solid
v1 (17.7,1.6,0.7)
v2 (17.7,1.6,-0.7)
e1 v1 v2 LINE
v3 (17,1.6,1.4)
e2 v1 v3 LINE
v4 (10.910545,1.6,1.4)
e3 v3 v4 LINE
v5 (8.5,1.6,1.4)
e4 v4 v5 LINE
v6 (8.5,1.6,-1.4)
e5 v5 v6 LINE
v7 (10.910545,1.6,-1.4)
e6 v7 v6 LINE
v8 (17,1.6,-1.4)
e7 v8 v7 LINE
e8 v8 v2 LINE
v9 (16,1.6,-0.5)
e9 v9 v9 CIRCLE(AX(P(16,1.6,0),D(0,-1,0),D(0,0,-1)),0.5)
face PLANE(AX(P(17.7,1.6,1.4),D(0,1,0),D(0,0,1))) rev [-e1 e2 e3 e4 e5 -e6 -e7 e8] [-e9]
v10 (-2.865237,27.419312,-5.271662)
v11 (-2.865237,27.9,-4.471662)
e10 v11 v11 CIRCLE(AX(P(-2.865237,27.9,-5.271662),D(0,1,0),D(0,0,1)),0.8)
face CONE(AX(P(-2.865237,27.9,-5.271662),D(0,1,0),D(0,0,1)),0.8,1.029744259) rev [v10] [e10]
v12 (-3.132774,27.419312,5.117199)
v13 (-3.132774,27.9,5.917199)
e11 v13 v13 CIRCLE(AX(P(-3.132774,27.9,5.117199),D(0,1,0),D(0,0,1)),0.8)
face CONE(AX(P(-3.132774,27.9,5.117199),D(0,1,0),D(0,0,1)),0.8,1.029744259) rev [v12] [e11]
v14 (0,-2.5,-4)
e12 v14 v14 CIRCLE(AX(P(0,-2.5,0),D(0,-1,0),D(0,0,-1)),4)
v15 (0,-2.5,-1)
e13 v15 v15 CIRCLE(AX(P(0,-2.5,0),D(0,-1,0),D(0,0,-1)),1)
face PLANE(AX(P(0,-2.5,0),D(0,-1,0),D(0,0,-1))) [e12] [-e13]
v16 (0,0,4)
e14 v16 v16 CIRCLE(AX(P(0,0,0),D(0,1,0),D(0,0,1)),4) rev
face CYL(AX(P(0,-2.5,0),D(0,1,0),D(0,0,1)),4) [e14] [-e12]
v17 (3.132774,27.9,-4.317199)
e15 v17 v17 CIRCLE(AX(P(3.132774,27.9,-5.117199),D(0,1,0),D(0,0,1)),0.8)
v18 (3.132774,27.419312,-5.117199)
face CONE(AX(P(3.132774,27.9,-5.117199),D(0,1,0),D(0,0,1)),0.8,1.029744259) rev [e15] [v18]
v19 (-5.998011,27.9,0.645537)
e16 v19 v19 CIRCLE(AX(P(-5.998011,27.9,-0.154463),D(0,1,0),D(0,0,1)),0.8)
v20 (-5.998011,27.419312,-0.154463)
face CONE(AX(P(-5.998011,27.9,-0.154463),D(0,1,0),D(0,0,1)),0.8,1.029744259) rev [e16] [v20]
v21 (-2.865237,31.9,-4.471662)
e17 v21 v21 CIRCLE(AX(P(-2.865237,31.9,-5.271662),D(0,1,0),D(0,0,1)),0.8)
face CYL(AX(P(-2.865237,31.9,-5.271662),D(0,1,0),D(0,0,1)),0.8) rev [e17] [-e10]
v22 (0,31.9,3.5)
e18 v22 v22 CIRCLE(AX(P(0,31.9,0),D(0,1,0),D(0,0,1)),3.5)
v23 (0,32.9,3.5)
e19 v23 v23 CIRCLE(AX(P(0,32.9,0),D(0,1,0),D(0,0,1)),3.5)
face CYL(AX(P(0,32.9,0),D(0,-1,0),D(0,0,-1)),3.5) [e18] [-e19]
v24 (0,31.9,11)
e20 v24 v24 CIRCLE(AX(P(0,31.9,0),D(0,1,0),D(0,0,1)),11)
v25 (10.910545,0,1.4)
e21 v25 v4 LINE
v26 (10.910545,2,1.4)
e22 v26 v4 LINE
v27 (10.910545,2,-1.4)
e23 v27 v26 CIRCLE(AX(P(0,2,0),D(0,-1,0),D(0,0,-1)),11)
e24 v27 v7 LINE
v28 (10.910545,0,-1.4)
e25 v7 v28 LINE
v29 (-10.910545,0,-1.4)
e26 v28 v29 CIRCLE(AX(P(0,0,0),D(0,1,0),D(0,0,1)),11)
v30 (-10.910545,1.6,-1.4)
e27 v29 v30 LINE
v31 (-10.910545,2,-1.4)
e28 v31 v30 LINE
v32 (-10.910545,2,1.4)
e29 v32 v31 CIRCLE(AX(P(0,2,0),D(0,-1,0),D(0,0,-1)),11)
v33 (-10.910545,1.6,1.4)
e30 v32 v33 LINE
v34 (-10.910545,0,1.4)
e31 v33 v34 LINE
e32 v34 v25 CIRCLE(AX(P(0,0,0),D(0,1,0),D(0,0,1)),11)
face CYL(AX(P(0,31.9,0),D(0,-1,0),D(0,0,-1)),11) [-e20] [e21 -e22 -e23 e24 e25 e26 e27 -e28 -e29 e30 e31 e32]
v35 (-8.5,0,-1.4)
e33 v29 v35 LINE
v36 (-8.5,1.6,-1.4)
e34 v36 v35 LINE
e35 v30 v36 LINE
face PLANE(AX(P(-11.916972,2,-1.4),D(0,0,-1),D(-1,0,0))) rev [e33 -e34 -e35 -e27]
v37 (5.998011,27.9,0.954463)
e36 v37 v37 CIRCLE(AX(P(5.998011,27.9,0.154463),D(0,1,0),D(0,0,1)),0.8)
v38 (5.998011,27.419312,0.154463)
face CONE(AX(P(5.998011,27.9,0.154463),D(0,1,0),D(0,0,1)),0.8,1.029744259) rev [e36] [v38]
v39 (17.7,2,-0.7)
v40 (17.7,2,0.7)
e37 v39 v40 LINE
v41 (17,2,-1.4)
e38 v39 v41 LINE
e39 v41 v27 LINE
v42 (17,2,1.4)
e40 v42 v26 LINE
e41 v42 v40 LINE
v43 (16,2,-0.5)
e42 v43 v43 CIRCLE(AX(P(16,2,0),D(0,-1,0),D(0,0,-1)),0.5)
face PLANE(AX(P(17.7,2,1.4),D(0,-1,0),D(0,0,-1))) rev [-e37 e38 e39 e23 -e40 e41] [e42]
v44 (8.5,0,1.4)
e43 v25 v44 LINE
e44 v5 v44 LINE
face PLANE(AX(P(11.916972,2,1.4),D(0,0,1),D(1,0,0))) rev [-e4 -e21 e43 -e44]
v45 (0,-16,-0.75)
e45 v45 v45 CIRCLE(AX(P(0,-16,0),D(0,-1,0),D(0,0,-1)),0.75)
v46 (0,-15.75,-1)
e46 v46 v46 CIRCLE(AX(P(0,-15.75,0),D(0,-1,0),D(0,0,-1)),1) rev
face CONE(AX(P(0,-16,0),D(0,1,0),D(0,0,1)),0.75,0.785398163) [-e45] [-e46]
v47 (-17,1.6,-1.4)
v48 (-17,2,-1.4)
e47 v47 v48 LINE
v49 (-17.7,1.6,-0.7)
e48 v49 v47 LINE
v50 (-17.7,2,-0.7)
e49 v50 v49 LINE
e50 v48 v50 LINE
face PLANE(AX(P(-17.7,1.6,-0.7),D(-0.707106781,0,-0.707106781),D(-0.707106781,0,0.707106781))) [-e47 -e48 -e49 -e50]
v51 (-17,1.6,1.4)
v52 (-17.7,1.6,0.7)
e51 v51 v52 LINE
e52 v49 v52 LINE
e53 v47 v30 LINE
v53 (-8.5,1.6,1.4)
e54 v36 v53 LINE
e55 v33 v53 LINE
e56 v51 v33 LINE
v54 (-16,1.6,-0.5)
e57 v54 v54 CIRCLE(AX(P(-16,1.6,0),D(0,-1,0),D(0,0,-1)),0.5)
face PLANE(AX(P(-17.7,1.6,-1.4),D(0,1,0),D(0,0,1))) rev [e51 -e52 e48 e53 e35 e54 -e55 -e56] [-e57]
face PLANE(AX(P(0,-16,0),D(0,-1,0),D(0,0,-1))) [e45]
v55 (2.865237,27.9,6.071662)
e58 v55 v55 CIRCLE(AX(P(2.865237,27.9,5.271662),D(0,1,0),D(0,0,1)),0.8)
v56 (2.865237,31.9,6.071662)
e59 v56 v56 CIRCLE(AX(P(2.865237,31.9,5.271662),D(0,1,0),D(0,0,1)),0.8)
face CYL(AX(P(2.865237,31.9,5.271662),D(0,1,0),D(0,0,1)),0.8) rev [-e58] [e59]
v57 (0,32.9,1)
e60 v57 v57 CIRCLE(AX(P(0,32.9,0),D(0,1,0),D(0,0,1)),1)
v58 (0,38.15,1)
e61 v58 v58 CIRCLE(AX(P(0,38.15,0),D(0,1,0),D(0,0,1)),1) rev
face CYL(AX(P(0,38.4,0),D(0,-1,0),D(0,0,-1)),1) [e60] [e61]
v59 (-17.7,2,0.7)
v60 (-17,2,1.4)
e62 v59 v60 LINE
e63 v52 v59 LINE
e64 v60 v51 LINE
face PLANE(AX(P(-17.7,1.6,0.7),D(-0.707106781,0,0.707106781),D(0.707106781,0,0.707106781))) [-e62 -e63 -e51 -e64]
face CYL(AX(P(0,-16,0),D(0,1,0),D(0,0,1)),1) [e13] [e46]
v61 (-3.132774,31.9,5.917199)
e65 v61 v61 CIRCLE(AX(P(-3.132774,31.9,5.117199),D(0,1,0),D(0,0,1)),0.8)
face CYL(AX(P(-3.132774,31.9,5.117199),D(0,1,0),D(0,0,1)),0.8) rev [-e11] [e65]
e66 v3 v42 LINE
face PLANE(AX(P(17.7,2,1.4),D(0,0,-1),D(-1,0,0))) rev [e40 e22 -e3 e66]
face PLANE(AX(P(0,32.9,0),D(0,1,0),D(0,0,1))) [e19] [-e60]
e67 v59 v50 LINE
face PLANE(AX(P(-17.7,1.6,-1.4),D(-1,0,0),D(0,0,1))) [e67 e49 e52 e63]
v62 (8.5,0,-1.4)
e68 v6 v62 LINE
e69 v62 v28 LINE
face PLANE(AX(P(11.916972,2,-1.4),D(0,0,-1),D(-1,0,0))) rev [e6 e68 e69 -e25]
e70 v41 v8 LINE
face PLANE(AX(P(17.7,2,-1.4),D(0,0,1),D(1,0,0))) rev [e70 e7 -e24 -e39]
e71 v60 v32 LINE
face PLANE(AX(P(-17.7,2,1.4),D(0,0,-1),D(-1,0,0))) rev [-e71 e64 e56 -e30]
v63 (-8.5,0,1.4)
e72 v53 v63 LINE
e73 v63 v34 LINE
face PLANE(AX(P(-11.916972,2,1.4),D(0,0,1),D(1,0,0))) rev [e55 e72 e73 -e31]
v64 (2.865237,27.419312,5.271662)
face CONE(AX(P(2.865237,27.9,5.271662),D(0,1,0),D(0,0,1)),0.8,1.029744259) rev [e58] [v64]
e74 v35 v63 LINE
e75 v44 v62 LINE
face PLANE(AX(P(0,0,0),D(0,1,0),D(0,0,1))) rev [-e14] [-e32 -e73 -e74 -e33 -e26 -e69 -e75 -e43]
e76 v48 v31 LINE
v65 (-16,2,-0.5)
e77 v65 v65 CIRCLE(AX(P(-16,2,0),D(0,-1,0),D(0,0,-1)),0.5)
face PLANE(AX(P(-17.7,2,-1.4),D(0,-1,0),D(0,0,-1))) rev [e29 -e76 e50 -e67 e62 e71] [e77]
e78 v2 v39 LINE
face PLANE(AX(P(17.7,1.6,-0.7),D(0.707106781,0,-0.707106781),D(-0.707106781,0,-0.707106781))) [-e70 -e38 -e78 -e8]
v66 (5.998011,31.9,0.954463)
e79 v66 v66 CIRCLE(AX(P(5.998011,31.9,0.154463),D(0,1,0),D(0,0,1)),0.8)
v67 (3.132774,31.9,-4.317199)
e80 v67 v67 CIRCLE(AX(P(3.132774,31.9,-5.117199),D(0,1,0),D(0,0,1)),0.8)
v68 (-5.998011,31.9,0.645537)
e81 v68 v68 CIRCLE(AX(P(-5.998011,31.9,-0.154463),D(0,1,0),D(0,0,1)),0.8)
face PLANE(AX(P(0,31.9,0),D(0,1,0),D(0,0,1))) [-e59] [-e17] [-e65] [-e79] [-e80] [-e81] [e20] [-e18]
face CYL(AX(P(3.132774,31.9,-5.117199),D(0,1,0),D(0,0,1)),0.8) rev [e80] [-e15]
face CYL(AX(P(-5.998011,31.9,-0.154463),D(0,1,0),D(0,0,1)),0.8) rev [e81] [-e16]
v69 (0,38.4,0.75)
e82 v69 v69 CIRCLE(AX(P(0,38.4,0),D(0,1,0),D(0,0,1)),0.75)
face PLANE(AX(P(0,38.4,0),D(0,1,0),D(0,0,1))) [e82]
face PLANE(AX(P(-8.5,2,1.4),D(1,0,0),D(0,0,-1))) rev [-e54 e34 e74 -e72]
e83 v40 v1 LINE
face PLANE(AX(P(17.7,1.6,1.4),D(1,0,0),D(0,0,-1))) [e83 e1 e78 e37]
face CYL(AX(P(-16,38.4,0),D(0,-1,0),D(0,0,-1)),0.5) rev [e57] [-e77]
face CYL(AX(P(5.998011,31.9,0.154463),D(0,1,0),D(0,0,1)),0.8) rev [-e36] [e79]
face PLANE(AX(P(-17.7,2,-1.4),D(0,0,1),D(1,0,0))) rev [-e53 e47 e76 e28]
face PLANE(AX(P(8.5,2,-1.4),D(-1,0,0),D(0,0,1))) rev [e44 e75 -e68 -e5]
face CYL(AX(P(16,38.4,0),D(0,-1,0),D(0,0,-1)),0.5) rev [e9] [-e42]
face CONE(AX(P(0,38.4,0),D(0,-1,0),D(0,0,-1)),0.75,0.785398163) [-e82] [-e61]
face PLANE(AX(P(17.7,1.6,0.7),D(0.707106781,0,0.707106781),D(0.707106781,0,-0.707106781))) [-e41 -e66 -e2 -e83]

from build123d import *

# Parameters (mm, degrees)
ESQUISSE1_R                  = 11
EXTRUSION1_DEPTH             = 31.9
ESQUISSE2_R                  = 3.5
EXTRUSION2_DEPTH             = 1
ESQUISSE3_R                  = 1
EXTRUSION3_DEPTH             = 5.5
CHANFREIN1_SIZE              = 0.25
ESQUISSE4_R                  = 4
EXTRUSION4_DEPTH             = 2.5
ESQUISSE5_R                  = 1
EXTRUSION5_DEPTH             = 13.5
R_P_TITION_CIRCULAIRE1_COUNT = 6
CHANFREIN2_SIZE              = 0.25
ESQUISSE14_W                 = 3.416971917
ESQUISSE14_H                 = 2.8
ENL_V_MAT_EXTRU_5_DEPTH      = 2
R_P_TITION_CIRCULAIRE2_COUNT = 2
ESQUISSE16_W                 = 2.8
ESQUISSE16_H                 = 0.4
EXTRUSION7_DEPTH             = 9.2
ESQUISSE17_W                 = 2.8
ESQUISSE17_H                 = 0.4
EXTRUSION8_DEPTH             = 9.2
CHANFREIN3_SIZE              = 0.7
CHANFREIN4_SIZE              = 0.7
ESQUISSE18_R                 = 0.5
ENL_V_MAT_EXTRU_6_DEPTH      = 37.8
ESQUISSE19_R                 = 0.5
ENL_V_MAT_EXTRU_7_DEPTH      = 37.8


with BuildPart() as part:
    # Esquisse1 → Extrusion1 (new body)
    with BuildSketch(Plane(origin=(0, 0, 0), x_dir=(1, 0, 0), z_dir=(0, 1, 0))):
        Circle(ESQUISSE1_R)
    extrude(amount=EXTRUSION1_DEPTH)

    # Esquisse2 → Extrusion2 (add)
    with BuildSketch(Plane(origin=(0, 31.9, 0), x_dir=(1, 0, 0), z_dir=(0, 1, 0))):
        Circle(ESQUISSE2_R)
    extrude(amount=EXTRUSION2_DEPTH)

    # Esquisse3 → Extrusion3 (add)
    with BuildSketch(Plane(origin=(0, 32.9, 0), x_dir=(1, 0, 0), z_dir=(0, 1, 0))):
        Circle(ESQUISSE3_R)
    extrude(amount=EXTRUSION3_DEPTH)

    # Chanfrein1
    chanfrein1_edges = [part.edges().sort_by_distance(p)[0] for p in [
        (-1, 38.4, 0),
    ]]
    chamfer(chanfrein1_edges, length=CHANFREIN1_SIZE)

    # Esquisse4 → Extrusion4 (add)
    with BuildSketch(Plane.XZ):
        Circle(ESQUISSE4_R)
    extrude(amount=EXTRUSION4_DEPTH)

    # Esquisse5 → Extrusion5 (add)
    with BuildSketch(Plane.XZ.offset(2.5)):
        Circle(ESQUISSE5_R)
    extrude(amount=EXTRUSION5_DEPTH)

    # Esquisse7 → Trou taraudé M2x0.41 (revolve, cut)
    with BuildSketch(Plane(origin=(-2.865237062, 31.9, -5.271661653), x_dir=(0, 0, 1), z_dir=(1, 0, 0))):
        Polygon((0, 0), (0, 4.480688495), (0.8, 4), (0.8, 0), align=None)
    trou_taraud_m2x0_41 = revolve(axis=Axis((-2.865237062, 38.25, -5.271661653), (0, -1, 0)), mode=Mode.SUBTRACT)

    # Répétition circulaire1: Trou taraudé M2x0.41 ×6 about axis
    r_p_tition_circulaire1_axis = Axis((0, 0, 0), (0, 1, 0))
    for i in range(1, R_P_TITION_CIRCULAIRE1_COUNT):
        add(trou_taraud_m2x0_41.rotate(r_p_tition_circulaire1_axis, i * 360 / R_P_TITION_CIRCULAIRE1_COUNT), mode=Mode.SUBTRACT)

    # Chanfrein2
    chanfrein2_edges = [part.edges().sort_by_distance(p)[0] for p in [
        (-1, -16, 0),
    ]]
    chamfer(chanfrein2_edges, length=CHANFREIN2_SIZE)

    # Esquisse14 → Enlèv. mat.-Extru.5 (cut)
    with BuildSketch(Plane.XZ):
        with Locations((-10.208485959, 0)):
            Rectangle(ESQUISSE14_W, ESQUISSE14_H)
    enl_v_mat_extru_5 = extrude(amount=-ENL_V_MAT_EXTRU_5_DEPTH, mode=Mode.SUBTRACT)

    # Répétition circulaire2: Enlèv. mat.-Extru.5 ×2 about axis
    r_p_tition_circulaire2_axis = Axis((0, 0, 0), (0, 1, 0))
    for i in range(1, R_P_TITION_CIRCULAIRE2_COUNT):
        add(enl_v_mat_extru_5.rotate(r_p_tition_circulaire2_axis, i * 360 / R_P_TITION_CIRCULAIRE2_COUNT), mode=Mode.SUBTRACT)

    # Esquisse16 → Extrusion7 (add)
    with BuildSketch(Plane(origin=(8.5, 0, 0), x_dir=(0, 0, -1), z_dir=(1, 0, 0))):
        with Locations((0, 1.8)):
            Rectangle(ESQUISSE16_W, ESQUISSE16_H)
    extrude(amount=EXTRUSION7_DEPTH)

    # Esquisse17 → Extrusion8 (add)
    with BuildSketch(Plane.ZY.offset(8.5)):
        with Locations((0, 1.8)):
            Rectangle(ESQUISSE17_W, ESQUISSE17_H)
    extrude(amount=EXTRUSION8_DEPTH)

    # Chanfrein3
    chanfrein3_edges = [part.edges().sort_by_distance(p)[0] for p in [
        (17.7, 1.8, 1.4),
        (17.7, 1.8, -1.4),
    ]]
    chamfer(chanfrein3_edges, length=CHANFREIN3_SIZE)

    # Chanfrein4
    chanfrein4_edges = [part.edges().sort_by_distance(p)[0] for p in [
        (-17.7, 1.8, -1.4),
        (-17.7, 1.8, 1.4),
    ]]
    chamfer(chanfrein4_edges, length=CHANFREIN4_SIZE)

    # Esquisse18 → Enlèv. mat.-Extru.6 (cut, through all)
    with BuildSketch(Plane.XZ.offset(-1.6)):
        with Locations((-16, 0)):
            Circle(ESQUISSE18_R)
    extrude(amount=-ENL_V_MAT_EXTRU_6_DEPTH, mode=Mode.SUBTRACT)

    # Esquisse19 → Enlèv. mat.-Extru.7 (cut, through all)
    with BuildSketch(Plane.XZ.offset(-1.6)):
        with Locations((16, 0)):
            Circle(ESQUISSE19_R)
    extrude(amount=-ENL_V_MAT_EXTRU_7_DEPTH, mode=Mode.SUBTRACT)


solid = part.part
